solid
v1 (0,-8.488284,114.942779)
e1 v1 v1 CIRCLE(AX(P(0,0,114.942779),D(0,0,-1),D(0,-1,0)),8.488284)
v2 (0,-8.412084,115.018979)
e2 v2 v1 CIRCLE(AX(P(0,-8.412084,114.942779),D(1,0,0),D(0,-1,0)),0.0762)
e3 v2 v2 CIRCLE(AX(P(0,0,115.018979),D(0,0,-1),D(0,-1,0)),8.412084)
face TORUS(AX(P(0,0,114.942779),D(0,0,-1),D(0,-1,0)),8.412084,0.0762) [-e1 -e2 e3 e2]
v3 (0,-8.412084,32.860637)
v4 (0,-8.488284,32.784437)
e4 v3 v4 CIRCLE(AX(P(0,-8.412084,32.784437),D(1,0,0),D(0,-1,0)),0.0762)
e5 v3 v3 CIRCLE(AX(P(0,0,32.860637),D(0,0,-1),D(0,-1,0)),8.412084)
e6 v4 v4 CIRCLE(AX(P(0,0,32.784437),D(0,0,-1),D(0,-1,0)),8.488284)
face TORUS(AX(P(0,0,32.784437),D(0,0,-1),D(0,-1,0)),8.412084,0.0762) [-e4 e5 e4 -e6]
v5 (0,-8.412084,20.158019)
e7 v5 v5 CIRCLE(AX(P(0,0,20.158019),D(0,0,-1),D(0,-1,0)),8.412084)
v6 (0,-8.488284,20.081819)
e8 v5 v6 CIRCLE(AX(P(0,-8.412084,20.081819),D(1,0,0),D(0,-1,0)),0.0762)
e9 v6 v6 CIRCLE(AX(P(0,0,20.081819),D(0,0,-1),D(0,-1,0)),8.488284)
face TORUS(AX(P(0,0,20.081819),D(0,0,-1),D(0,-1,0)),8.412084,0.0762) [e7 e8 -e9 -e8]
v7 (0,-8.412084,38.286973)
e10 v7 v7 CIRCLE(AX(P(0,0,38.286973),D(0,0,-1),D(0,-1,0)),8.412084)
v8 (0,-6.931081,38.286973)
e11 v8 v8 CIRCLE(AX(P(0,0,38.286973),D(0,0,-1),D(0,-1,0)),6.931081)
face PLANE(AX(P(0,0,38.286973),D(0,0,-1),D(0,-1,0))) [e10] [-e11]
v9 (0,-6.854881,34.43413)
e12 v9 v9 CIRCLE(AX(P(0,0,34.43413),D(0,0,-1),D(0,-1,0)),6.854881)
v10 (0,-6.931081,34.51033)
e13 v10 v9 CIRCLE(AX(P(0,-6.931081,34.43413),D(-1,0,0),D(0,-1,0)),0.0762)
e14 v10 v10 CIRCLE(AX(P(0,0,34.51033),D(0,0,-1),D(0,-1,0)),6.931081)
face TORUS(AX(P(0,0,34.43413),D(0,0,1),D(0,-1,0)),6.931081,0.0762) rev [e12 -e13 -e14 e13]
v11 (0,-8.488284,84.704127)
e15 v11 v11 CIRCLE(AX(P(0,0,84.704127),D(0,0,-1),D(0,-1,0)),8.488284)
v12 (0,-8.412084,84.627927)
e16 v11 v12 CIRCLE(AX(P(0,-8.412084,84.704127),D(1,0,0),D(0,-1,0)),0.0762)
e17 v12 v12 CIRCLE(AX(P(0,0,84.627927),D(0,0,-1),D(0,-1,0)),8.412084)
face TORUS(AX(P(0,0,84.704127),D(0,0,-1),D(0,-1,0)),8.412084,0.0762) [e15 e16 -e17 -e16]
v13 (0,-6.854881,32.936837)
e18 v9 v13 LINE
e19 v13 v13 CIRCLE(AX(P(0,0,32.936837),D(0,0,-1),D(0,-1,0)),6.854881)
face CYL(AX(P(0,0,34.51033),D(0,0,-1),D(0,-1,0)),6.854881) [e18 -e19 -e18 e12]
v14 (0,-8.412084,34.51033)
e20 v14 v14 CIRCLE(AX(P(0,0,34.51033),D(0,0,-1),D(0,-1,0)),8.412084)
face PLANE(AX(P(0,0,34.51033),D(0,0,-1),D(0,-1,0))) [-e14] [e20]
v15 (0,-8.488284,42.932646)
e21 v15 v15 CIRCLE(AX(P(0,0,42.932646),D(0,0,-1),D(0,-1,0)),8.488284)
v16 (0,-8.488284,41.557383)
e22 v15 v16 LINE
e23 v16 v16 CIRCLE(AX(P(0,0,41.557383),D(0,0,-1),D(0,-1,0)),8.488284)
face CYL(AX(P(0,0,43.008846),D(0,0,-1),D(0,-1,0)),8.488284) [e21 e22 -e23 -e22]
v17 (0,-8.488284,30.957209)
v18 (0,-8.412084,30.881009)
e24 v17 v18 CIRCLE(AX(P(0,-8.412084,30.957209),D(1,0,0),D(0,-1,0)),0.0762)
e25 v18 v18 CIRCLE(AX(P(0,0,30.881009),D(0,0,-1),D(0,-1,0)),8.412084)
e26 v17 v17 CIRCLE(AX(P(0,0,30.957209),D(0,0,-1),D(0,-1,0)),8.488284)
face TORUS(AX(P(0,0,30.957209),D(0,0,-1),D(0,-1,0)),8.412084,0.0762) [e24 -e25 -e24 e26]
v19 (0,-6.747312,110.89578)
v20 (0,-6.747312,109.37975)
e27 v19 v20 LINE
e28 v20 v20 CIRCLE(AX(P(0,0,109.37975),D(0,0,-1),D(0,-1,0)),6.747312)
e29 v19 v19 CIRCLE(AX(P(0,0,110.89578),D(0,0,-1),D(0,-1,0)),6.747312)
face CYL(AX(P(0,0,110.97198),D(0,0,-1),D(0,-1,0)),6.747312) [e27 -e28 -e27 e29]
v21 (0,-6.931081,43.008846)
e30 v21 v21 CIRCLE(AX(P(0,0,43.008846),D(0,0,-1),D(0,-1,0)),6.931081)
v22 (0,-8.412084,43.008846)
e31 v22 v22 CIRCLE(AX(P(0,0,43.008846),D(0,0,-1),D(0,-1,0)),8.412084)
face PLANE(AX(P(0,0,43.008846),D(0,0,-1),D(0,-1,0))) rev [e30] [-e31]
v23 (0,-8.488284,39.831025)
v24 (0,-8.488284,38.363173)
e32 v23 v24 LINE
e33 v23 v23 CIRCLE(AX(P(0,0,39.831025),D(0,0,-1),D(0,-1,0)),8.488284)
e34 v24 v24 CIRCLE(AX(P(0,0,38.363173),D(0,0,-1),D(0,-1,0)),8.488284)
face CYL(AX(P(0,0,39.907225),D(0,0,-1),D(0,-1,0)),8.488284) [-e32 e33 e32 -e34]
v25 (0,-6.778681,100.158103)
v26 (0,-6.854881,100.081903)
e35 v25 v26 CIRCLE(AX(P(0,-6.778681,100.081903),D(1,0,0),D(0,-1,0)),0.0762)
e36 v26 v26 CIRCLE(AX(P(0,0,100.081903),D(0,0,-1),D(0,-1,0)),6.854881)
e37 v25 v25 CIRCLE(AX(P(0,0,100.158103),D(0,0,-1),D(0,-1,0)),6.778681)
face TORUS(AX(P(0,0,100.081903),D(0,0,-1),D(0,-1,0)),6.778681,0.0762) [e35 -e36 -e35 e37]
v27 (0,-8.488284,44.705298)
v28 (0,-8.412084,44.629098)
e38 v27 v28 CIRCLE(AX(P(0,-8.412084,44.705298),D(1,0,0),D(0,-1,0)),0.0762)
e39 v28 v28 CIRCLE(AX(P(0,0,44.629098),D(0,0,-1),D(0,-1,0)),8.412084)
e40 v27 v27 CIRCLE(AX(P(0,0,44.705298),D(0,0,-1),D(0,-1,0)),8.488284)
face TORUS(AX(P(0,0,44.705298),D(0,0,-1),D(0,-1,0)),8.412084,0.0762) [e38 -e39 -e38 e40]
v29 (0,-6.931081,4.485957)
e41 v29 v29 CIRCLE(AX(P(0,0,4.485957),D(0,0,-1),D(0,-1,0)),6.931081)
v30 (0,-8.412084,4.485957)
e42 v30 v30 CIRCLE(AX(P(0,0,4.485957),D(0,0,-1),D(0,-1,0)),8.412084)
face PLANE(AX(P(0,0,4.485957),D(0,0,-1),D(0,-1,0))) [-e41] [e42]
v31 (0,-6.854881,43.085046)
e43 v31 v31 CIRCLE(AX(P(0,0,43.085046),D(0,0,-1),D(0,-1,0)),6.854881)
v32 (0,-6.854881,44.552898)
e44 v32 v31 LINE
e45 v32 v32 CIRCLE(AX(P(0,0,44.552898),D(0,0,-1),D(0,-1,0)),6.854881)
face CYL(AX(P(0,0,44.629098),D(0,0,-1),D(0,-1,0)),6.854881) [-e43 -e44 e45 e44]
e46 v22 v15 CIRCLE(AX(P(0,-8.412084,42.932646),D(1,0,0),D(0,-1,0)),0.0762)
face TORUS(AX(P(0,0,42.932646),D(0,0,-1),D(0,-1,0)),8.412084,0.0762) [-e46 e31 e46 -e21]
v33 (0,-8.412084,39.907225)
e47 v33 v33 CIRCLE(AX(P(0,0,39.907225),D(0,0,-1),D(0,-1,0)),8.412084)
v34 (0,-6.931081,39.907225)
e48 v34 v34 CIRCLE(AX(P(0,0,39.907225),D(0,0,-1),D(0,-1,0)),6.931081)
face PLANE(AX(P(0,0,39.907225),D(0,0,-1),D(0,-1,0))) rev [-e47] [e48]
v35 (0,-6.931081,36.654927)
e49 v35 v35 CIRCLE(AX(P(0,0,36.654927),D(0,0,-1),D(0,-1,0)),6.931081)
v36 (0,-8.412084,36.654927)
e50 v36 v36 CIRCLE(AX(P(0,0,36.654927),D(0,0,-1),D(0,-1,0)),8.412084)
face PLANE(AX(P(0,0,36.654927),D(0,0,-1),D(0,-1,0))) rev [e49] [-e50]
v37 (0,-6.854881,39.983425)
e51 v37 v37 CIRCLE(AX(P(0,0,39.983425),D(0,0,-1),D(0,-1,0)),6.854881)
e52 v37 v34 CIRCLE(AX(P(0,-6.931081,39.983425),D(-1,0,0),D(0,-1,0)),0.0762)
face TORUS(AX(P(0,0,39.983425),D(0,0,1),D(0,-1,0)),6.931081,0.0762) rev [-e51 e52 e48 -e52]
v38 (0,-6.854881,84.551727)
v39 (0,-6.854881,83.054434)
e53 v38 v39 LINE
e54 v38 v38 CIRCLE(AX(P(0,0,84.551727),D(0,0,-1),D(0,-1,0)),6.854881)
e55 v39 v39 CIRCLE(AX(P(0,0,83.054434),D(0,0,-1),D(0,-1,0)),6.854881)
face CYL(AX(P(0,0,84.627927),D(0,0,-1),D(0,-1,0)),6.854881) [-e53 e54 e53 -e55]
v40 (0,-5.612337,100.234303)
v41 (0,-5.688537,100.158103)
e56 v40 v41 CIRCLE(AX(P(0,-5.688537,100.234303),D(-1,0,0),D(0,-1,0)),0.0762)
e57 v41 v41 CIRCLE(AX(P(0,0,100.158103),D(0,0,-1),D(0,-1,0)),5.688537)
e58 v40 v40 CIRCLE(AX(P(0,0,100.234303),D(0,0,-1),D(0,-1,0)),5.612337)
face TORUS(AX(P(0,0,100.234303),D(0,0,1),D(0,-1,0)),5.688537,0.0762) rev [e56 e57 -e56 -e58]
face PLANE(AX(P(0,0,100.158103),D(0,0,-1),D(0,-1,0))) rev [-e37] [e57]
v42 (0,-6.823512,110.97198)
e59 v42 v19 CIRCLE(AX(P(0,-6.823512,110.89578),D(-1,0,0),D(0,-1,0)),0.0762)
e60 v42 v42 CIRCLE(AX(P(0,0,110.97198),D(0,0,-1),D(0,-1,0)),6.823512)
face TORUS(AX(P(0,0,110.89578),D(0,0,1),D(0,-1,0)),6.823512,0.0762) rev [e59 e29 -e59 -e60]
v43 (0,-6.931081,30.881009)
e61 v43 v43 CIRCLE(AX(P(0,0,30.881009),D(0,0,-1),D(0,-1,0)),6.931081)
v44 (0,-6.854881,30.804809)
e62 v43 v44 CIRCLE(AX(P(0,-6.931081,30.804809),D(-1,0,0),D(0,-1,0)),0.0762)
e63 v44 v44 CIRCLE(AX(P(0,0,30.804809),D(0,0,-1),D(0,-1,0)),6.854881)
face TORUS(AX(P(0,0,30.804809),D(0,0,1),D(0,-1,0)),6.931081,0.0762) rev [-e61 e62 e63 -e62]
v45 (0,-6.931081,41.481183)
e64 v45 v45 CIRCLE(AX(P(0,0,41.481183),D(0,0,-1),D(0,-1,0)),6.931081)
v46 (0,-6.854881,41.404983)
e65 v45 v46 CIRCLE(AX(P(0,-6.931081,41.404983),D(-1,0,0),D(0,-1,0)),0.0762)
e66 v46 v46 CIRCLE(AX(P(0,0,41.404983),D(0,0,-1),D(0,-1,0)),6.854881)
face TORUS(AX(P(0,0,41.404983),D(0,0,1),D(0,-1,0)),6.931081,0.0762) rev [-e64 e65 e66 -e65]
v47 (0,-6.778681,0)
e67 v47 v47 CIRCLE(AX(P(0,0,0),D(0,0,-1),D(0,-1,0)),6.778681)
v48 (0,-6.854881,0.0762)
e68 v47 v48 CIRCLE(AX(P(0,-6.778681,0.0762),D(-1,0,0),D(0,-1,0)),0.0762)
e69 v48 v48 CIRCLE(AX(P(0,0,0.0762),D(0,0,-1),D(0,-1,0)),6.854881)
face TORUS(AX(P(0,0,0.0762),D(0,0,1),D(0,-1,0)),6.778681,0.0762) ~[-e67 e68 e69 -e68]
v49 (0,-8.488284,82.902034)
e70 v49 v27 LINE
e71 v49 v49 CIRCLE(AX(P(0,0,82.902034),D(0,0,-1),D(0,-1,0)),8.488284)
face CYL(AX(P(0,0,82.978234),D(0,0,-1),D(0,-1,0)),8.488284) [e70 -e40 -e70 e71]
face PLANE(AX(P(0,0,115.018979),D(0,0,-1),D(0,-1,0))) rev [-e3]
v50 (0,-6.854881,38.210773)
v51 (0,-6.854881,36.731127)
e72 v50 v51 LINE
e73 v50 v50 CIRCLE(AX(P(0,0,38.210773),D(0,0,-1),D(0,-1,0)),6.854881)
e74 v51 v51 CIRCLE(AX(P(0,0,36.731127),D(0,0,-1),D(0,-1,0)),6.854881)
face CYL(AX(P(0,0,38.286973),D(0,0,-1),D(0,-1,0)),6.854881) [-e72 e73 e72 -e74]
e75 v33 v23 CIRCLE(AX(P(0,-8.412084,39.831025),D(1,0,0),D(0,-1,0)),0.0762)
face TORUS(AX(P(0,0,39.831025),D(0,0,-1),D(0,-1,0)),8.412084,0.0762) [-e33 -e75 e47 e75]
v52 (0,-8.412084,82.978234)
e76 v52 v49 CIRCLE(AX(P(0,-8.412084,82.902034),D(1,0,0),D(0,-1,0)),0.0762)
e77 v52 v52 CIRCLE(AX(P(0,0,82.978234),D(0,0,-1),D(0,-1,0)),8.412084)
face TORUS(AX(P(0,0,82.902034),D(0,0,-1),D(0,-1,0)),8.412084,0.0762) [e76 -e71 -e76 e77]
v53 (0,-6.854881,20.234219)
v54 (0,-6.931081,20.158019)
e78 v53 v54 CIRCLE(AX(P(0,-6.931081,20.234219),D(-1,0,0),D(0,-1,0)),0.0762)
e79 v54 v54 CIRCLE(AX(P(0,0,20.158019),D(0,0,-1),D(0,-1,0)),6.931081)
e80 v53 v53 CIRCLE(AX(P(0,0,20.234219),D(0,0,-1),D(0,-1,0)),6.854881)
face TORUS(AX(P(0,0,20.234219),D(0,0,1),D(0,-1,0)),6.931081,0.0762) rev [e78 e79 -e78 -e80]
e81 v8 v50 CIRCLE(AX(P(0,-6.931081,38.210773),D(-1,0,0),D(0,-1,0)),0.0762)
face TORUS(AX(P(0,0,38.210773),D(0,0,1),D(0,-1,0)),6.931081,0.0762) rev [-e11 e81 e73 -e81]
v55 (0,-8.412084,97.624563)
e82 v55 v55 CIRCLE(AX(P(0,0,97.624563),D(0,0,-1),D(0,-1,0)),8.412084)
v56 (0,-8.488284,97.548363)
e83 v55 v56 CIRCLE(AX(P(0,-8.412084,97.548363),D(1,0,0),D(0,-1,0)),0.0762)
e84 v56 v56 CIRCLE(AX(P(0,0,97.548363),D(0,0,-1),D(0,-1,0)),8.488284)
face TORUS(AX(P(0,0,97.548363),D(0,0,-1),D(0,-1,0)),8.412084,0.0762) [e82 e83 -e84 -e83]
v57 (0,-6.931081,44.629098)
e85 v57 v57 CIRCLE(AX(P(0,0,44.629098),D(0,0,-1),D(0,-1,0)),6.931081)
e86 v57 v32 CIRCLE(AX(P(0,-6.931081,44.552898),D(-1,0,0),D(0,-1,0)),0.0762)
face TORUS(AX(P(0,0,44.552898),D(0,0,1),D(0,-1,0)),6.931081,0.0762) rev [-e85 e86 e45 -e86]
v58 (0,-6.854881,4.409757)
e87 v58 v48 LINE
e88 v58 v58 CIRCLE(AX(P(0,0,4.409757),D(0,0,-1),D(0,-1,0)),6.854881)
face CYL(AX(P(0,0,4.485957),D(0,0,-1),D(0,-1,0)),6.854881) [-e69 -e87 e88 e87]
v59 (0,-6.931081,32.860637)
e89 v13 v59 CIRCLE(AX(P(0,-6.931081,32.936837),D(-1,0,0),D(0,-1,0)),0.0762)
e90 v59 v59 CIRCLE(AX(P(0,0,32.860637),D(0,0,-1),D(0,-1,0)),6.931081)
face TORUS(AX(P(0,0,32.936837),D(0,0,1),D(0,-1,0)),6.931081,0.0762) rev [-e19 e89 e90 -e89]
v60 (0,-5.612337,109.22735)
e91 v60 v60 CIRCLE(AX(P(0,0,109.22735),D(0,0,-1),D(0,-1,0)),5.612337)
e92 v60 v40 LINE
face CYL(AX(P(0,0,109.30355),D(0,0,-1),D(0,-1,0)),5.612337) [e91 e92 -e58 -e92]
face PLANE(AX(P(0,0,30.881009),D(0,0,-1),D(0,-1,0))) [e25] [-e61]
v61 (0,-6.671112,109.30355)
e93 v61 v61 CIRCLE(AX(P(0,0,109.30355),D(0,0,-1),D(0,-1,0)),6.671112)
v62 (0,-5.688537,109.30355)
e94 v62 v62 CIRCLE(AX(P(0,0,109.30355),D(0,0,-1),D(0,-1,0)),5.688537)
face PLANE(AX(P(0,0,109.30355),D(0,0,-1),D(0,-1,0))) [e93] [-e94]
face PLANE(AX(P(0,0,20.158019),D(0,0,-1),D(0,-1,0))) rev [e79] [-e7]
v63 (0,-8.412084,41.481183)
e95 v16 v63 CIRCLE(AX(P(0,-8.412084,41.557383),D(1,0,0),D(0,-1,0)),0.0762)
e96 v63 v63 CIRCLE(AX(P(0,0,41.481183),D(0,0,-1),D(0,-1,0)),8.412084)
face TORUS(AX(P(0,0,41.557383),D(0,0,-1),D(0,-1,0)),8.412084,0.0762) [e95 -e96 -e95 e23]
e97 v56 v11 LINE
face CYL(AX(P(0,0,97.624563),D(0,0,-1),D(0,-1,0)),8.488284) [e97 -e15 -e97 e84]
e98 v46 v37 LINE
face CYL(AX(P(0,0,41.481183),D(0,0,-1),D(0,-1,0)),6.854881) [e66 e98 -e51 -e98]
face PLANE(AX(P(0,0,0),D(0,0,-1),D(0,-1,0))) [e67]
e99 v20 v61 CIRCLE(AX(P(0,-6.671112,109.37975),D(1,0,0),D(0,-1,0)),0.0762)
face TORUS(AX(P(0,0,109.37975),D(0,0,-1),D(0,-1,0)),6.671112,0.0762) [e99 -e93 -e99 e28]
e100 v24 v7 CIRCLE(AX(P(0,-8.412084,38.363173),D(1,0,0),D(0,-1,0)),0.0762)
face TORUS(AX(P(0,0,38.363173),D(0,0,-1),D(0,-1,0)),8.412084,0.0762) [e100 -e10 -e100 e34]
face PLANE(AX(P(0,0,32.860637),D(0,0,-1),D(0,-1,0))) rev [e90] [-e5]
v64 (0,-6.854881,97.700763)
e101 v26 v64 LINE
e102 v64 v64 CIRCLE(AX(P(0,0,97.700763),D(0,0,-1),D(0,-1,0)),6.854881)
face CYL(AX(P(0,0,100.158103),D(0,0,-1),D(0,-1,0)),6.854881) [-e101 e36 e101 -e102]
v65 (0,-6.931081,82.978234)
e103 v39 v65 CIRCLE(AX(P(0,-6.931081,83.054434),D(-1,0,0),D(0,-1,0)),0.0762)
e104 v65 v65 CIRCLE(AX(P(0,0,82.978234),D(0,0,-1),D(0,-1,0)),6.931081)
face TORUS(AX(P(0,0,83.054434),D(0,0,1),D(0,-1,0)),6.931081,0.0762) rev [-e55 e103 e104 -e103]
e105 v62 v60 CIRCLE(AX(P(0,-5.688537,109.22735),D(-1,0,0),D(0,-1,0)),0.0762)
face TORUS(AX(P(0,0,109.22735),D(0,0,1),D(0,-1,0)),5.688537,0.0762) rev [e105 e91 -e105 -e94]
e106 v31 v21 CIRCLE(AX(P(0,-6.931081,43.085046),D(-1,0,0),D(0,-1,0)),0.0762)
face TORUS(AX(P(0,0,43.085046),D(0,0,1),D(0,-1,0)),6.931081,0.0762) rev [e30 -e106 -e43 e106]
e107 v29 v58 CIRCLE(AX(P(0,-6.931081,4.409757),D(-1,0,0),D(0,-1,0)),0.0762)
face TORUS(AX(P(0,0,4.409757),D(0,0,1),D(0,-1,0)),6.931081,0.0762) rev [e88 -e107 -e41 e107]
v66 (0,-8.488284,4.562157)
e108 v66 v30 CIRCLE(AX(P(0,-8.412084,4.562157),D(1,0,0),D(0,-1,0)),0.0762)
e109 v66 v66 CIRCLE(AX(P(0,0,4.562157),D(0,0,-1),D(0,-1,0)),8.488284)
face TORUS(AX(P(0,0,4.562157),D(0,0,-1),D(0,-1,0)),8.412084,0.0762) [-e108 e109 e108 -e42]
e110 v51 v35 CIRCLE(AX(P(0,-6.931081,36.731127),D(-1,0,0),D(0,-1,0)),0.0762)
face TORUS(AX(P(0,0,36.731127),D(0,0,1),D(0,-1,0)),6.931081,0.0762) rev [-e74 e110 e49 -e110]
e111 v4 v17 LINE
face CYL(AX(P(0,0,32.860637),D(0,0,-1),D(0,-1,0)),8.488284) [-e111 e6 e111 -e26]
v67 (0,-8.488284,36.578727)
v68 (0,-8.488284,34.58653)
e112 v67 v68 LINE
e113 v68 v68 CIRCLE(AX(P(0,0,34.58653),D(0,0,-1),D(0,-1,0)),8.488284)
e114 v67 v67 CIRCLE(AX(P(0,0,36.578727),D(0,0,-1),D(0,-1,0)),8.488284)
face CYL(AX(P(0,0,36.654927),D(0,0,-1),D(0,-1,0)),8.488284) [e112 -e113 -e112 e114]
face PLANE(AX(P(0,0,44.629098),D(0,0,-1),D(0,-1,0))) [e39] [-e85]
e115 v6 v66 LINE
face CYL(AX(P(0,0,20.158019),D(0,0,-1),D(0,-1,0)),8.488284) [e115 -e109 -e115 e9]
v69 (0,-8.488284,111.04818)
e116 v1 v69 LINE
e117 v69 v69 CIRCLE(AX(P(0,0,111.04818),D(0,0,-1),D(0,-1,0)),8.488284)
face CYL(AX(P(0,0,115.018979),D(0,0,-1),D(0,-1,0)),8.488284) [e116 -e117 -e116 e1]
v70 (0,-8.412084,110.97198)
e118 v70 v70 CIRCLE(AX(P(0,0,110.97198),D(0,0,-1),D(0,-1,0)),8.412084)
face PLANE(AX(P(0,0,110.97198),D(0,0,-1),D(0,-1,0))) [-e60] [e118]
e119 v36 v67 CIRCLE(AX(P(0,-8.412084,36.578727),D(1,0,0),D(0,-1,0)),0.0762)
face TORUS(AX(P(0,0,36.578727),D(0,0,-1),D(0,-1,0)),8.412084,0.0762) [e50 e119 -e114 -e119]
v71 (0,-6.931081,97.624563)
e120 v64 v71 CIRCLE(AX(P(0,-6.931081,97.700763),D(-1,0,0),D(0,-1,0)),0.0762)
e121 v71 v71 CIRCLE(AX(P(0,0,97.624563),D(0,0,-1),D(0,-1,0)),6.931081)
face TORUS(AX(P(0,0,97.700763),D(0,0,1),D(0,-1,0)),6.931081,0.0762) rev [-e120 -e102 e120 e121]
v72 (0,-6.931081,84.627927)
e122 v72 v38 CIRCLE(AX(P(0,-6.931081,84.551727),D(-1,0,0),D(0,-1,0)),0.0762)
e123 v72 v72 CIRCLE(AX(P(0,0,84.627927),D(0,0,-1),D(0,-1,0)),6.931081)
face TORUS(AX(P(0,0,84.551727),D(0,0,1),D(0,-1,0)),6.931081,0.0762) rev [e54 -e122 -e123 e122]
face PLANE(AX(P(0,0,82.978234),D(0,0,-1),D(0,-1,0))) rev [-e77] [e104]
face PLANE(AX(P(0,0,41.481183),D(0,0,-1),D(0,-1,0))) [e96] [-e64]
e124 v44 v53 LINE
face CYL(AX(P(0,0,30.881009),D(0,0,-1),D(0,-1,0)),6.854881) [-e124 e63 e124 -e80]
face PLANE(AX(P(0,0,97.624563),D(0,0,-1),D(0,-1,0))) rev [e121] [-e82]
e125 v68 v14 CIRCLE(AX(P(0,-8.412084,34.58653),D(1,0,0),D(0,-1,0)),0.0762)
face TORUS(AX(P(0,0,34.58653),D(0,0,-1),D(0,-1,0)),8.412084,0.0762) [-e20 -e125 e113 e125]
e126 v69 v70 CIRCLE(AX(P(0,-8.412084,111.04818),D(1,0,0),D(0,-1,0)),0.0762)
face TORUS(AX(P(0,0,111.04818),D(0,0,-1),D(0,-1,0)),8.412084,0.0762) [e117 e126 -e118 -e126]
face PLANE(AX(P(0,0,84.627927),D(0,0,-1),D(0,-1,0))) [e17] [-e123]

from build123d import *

# Parameters (mm, degrees)
F2_R = 0.0762


with BuildPart() as f1:
    # F0 (on Right) → F1 (revolve)
    with BuildSketch(Plane.YZ):
        Polygon((-6.854881, 0), (0, 0), (0, 115.018979), (-8.488284, 115.018979), (-8.488284, 110.97198), (-6.747312, 110.97198), (-6.747312, 109.30355), (-5.612337, 109.30355), (-5.612337, 100.158103), (-6.854881, 100.158103), (-6.854881, 97.624563), (-8.488284, 97.624563), (-8.488284, 84.627927), (-6.854881, 84.627927), (-6.854881, 82.978234), (-8.488284, 82.978234), (-8.488284, 44.629098), (-6.854881, 44.629098), (-6.854881, 43.008846), (-8.488284, 43.008846), (-8.488284, 41.481183), (-6.854881, 41.481183), (-6.854881, 39.907225), (-8.488284, 39.907225), (-8.488284, 38.286973), (-6.854881, 38.286973), (-6.854881, 36.654927), (-8.488284, 36.654927), (-8.488284, 34.51033), (-6.854881, 34.51033), (-6.854881, 32.860637), (-8.488284, 32.860637), (-8.488284, 30.881009), (-6.854881, 30.881009), (-6.854881, 20.158019), (-8.488284, 20.158019), (-8.488284, 4.485957), (-6.854881, 4.485957), align=None)
    revolve(axis=Axis((0, 0, 57.509489), (0, 0, -1)))

    # F2
    f2_edges = [f1.edges().sort_by_distance(p)[0] for p in [
        (0, 8.488284, 115.018979),
        (0, 8.488284, 110.97198),
        (0, 6.747312, 110.97198),
        (0, 6.747312, 109.30355),
        (0, 5.612337, 109.30355),
        (0, 6.854881, 100.158103),
        (0, 8.488284, 97.624563),
        (0, 5.612337, 100.158103),
        (0, 6.854881, 97.624563),
        (0, 8.488284, 84.627927),
        (0, 6.854881, 82.978234),
        (0, 8.488284, 82.978234),
        (0, 6.854881, 84.627927),
        (0, 8.488284, 44.629098),
        (0, 8.488284, 43.008846),
        (0, 8.488284, 41.481183),
        (0, 8.488284, 39.907225),
        (0, 8.488284, 38.286973),
        (0, 8.488284, 36.654927),
        (0, 8.488284, 34.51033),
        (0, 8.488284, 32.860637),
        (0, 8.488284, 30.881009),
        (0, 6.854881, 20.158019),
        (0, 8.488284, 20.158019),
        (0, 8.488284, 4.485957),
        (0, 6.854881, 0),
        (0, 6.854881, 4.485957),
        (0, 6.854881, 30.881009),
        (0, 6.854881, 34.51033),
        (0, 6.854881, 38.286973),
        (0, 6.854881, 41.481183),
        (0, 6.854881, 44.629098),
        (0, 6.854881, 32.860637),
        (0, 6.854881, 36.654927),
        (0, 6.854881, 39.907225),
        (0, 6.854881, 43.008846),
    ]]
    fillet(f2_edges, radius=F2_R)


solid = f1.part
